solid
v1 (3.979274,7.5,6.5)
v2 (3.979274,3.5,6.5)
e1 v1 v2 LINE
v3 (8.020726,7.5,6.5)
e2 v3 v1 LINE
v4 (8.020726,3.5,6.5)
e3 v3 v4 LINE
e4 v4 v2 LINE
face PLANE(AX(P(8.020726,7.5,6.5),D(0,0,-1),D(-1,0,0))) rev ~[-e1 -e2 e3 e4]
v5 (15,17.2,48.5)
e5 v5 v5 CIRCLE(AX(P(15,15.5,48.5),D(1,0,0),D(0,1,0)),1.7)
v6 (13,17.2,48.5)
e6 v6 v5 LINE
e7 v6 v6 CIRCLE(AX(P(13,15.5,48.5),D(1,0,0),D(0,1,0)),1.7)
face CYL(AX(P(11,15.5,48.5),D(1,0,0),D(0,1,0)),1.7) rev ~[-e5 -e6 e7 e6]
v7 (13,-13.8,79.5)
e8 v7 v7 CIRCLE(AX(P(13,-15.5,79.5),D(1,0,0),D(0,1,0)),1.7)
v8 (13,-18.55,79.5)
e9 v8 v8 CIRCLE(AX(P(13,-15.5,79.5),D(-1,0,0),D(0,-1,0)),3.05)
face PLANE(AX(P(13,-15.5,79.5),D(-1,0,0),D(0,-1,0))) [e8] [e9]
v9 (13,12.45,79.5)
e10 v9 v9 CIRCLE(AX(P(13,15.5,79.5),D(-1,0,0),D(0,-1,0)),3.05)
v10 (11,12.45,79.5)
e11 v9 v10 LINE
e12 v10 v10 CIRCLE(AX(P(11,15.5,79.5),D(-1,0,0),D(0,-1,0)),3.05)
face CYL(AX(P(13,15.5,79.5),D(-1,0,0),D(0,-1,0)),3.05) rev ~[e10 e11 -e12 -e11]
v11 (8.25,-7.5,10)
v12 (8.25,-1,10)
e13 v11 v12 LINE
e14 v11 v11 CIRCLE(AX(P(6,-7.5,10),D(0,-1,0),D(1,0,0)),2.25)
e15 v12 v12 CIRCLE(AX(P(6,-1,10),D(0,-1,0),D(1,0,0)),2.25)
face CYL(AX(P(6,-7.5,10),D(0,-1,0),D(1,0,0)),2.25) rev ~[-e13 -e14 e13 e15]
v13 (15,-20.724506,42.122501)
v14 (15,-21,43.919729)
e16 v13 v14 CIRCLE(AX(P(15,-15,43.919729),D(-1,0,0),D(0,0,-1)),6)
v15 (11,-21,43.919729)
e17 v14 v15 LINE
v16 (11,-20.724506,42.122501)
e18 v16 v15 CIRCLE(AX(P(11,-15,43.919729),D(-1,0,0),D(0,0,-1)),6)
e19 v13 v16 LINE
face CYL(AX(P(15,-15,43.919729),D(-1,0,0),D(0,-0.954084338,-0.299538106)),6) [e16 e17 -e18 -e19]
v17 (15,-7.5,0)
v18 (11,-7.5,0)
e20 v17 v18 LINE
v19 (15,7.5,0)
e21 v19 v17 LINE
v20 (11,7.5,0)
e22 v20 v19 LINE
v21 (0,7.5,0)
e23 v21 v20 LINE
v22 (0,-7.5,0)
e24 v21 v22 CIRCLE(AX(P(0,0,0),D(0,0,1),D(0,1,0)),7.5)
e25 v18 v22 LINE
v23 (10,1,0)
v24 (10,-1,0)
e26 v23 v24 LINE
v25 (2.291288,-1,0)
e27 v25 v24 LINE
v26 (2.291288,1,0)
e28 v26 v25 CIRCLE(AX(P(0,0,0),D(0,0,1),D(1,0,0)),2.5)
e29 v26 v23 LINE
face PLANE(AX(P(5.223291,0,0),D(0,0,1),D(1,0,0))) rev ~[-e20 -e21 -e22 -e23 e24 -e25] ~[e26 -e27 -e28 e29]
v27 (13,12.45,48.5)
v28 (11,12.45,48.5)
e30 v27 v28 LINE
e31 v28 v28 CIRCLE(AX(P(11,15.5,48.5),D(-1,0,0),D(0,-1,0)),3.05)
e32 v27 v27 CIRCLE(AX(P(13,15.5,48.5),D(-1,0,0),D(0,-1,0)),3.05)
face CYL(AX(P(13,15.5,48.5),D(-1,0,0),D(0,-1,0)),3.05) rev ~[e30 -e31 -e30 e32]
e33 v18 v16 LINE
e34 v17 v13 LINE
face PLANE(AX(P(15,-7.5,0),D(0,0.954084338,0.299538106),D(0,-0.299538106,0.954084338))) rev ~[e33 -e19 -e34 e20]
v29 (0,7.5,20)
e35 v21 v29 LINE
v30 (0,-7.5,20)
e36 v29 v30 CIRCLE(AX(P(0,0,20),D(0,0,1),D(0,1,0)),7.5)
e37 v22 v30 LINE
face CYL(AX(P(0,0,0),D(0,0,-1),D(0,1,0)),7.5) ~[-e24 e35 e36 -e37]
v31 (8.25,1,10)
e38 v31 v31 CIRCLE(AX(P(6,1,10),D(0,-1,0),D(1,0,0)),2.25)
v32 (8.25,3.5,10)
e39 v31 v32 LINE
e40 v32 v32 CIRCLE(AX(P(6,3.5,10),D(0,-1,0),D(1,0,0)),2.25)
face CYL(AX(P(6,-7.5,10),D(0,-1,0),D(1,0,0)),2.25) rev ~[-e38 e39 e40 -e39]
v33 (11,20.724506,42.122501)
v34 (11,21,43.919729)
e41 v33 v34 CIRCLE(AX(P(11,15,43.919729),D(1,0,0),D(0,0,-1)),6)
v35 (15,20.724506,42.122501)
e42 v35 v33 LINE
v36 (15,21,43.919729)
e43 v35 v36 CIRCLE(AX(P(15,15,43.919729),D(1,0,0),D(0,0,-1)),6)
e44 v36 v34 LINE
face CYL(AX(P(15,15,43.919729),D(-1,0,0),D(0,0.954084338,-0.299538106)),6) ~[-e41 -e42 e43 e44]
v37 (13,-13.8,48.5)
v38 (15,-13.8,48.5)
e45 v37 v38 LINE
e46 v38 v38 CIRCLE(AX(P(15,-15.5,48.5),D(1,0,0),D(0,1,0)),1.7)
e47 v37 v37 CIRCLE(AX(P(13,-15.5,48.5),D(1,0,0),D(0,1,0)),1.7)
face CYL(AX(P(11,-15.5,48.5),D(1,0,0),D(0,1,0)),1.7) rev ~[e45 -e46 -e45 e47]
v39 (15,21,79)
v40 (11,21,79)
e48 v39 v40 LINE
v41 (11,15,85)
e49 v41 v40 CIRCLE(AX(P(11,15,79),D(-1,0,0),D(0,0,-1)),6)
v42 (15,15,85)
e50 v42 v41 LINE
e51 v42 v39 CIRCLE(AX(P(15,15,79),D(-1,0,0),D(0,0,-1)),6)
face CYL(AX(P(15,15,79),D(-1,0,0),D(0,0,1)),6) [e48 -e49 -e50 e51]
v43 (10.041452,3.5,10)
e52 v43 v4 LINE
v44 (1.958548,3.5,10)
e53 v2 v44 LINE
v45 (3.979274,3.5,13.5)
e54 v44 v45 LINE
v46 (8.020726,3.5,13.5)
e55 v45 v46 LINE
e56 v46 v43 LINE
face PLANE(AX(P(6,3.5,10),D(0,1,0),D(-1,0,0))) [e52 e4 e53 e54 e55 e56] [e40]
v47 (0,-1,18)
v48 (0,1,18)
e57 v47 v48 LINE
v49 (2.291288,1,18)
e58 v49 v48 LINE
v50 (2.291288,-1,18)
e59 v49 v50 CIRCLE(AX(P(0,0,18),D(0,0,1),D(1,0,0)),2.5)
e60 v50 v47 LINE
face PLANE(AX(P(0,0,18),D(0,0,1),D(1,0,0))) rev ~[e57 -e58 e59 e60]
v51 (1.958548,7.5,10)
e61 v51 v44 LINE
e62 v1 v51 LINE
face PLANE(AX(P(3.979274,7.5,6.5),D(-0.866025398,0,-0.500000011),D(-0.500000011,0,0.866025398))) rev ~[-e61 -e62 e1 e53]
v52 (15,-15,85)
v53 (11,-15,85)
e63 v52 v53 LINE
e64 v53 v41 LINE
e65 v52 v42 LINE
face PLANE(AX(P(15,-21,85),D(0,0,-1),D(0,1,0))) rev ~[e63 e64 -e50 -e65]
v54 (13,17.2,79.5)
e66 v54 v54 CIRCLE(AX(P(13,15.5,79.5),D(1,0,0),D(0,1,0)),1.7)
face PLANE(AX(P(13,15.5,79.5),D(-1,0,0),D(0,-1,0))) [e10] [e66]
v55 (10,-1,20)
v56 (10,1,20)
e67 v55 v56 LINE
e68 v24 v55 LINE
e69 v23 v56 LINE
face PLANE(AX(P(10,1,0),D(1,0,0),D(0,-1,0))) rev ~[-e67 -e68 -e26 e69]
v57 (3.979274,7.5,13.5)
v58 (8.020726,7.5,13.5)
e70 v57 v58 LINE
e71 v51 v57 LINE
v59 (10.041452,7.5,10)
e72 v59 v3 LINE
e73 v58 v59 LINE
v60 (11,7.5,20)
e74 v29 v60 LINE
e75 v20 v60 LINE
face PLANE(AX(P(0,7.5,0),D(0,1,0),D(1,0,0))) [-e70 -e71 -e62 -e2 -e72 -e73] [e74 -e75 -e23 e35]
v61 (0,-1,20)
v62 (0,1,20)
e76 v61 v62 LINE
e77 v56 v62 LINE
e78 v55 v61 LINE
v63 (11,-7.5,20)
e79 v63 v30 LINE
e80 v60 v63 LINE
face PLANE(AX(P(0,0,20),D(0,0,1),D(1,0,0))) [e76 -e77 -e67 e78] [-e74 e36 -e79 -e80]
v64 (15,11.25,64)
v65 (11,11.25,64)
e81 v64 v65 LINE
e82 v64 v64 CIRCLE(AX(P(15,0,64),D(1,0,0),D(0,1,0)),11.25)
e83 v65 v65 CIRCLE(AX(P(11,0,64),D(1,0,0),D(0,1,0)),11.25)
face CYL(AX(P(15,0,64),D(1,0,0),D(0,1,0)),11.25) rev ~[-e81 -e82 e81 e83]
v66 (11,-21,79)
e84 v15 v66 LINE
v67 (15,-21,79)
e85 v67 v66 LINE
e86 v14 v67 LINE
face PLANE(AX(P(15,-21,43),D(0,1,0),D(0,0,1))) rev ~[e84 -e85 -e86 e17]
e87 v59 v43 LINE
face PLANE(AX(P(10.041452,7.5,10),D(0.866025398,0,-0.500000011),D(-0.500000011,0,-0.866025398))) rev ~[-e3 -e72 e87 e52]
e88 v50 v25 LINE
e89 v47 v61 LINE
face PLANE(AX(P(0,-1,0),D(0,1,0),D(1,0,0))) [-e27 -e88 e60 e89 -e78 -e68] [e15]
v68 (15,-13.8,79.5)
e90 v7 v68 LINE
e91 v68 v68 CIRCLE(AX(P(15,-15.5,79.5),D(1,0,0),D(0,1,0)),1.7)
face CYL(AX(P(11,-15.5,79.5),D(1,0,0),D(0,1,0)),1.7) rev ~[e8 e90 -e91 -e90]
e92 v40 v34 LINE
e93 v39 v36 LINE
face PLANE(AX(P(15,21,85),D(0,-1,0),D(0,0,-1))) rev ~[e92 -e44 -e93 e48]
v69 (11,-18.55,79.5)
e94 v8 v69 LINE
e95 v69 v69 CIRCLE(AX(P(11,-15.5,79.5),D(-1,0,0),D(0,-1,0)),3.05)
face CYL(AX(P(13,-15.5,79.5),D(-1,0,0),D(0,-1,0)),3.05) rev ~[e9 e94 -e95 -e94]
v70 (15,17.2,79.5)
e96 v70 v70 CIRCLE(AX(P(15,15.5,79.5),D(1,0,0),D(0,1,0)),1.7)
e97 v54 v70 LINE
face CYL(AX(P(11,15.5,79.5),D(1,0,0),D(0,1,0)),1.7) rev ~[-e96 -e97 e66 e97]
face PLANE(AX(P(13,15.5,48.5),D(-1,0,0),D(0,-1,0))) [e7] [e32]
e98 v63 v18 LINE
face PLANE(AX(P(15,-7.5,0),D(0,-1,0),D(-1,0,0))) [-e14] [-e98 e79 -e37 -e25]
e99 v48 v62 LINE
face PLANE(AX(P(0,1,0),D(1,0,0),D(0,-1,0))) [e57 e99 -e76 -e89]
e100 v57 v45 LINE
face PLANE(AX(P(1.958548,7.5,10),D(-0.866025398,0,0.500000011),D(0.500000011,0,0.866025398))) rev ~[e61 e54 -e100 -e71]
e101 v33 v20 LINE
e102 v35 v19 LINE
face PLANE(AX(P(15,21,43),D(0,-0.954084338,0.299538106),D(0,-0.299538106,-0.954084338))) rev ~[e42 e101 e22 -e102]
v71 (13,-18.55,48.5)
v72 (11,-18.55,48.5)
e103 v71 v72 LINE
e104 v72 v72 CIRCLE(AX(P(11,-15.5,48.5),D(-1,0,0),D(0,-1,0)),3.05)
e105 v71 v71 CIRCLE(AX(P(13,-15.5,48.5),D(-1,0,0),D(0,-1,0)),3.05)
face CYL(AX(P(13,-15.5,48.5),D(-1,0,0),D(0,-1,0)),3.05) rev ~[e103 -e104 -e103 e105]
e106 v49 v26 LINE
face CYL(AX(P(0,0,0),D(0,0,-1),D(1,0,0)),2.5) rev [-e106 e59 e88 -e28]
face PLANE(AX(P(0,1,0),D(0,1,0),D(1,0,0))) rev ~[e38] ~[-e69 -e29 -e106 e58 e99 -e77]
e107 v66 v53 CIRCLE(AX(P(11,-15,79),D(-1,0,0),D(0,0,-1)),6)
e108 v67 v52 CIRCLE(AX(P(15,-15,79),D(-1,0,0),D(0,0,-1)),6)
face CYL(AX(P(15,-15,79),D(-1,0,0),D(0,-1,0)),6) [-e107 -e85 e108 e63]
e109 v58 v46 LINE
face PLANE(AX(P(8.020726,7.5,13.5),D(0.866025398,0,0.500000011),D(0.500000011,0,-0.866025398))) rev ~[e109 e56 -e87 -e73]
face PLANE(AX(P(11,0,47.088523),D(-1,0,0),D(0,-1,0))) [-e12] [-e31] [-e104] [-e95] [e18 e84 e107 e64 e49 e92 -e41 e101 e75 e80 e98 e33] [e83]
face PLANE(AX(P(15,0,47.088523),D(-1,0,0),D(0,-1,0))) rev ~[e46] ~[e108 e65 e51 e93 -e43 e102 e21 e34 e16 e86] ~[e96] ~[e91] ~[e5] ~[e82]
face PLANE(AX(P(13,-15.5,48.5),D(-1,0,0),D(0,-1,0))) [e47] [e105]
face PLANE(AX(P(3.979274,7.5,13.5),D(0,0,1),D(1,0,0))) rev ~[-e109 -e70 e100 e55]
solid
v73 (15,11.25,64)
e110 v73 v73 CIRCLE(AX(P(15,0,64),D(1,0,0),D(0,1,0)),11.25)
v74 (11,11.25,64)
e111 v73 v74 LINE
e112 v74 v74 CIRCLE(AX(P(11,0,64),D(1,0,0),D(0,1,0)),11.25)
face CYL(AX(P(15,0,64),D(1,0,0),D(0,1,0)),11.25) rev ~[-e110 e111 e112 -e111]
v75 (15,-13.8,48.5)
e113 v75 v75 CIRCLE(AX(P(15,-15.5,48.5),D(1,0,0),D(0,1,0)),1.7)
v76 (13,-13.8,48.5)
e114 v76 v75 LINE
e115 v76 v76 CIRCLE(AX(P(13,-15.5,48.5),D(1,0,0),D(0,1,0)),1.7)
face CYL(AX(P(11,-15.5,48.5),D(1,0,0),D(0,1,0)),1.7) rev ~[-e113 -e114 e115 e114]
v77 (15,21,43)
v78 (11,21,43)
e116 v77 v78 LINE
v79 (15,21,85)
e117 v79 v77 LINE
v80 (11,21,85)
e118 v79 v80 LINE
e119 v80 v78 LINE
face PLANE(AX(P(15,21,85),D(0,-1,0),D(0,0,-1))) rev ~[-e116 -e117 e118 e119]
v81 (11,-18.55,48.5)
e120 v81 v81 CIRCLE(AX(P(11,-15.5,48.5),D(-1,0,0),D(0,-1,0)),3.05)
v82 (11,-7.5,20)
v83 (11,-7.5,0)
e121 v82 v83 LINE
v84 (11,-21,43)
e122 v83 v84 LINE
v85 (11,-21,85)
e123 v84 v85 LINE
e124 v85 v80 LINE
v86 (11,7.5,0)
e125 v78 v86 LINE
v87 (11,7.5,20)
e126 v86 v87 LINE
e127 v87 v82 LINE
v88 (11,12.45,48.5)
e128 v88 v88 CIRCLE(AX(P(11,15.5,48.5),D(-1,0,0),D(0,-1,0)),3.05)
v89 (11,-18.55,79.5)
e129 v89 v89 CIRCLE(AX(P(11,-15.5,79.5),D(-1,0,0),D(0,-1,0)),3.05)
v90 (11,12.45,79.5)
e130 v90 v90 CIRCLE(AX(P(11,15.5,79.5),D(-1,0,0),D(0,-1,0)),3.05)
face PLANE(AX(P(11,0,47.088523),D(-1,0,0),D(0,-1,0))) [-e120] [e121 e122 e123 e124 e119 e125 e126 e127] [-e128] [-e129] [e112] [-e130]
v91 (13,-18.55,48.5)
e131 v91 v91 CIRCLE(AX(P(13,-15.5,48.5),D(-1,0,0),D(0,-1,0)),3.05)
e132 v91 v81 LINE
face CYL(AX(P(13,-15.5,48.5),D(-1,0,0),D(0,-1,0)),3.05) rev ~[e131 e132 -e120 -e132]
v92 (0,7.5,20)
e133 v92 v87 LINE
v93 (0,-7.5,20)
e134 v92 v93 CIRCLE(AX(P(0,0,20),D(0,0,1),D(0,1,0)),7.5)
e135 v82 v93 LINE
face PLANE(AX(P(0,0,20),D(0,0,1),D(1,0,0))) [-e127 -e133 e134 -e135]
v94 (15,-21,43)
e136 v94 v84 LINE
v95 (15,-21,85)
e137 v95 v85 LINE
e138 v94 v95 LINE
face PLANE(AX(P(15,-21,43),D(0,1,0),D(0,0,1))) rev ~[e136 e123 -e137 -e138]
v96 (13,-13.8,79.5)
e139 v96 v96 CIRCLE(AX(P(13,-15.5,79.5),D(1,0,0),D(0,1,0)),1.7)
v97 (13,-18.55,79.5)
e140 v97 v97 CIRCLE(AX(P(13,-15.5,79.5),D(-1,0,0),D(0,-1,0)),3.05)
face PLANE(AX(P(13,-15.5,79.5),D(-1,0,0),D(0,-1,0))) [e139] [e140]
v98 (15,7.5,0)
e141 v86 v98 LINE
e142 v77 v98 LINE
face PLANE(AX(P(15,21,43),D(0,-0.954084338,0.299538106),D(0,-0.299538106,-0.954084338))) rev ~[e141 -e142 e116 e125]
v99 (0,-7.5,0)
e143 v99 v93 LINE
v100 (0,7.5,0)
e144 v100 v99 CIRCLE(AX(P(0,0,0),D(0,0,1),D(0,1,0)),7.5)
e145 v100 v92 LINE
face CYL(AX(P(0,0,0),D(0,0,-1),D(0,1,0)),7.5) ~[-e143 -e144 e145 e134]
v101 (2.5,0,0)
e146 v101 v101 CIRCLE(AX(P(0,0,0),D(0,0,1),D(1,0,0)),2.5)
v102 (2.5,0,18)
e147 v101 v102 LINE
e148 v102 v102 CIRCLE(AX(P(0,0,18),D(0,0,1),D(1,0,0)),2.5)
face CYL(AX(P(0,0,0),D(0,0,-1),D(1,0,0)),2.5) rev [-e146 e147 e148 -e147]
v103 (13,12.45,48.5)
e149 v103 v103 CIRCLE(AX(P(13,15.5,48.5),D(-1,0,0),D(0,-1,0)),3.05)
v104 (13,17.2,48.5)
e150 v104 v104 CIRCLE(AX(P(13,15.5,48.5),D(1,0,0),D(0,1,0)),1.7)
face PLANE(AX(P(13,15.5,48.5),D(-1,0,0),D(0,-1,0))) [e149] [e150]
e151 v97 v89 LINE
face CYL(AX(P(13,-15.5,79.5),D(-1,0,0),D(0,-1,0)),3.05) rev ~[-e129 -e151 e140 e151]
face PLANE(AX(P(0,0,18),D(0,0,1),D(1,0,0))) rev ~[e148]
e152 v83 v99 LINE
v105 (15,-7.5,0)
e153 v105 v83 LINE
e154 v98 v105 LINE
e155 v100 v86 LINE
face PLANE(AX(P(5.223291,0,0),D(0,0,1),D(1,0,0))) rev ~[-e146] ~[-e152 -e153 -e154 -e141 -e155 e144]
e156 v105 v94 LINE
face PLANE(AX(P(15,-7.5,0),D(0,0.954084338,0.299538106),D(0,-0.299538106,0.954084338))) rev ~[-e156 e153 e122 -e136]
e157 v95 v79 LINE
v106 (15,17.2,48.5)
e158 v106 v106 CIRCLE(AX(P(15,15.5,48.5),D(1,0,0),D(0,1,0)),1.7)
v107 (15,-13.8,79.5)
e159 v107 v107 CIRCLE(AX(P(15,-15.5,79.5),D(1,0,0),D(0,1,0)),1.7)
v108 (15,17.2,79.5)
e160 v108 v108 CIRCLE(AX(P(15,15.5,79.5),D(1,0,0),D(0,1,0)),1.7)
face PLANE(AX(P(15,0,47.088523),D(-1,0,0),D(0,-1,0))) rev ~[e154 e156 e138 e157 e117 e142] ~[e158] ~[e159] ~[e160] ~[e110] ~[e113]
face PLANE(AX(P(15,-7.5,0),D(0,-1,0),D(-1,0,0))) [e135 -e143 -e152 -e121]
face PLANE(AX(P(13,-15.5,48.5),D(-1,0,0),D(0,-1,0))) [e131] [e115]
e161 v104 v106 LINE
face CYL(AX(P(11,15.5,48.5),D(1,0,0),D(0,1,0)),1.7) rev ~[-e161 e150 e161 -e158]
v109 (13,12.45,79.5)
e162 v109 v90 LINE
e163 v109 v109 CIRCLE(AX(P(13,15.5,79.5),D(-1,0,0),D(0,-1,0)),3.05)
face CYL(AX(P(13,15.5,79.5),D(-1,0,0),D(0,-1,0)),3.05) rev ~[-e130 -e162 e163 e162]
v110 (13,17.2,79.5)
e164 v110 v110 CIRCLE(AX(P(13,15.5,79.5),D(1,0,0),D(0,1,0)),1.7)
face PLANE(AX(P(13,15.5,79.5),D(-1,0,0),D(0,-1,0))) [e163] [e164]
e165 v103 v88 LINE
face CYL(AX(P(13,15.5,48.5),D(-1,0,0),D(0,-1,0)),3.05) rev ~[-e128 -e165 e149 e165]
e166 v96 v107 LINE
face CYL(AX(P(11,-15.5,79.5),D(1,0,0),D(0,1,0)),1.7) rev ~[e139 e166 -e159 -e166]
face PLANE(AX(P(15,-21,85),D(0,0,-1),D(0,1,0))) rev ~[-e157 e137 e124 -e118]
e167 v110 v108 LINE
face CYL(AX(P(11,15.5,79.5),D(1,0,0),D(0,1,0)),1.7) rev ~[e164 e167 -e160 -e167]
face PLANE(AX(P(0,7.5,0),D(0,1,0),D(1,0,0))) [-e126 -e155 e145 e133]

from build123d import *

# Parameters (mm, degrees)
SKETCH_R            = 2.5
PAD_DEPTH           = 20
SKETCH001_R         = 11.25
PAD001_DEPTH        = 4
HOLE_D              = 3.4
HOLE_DEPTH          = 25
HOLE_CBORE_D        = 6.1
HOLE_CBORE_DEPTH    = 2
SKETCH004_R         = 2.5
PAD002_DEPTH        = 2
SKETCH008_R         = 2.5
PAD003_DEPTH        = 20
SKETCH009_R         = 11.25
PAD004_DEPTH        = 4
HOLE002_D           = 3.4
HOLE002_DEPTH       = 25
HOLE002_CBORE_D     = 6.1
HOLE002_CBORE_DEPTH = 2
SKETCH011_R         = 2.5
PAD005_DEPTH        = 2
SKETCH012_W         = 10
SKETCH012_H         = 2
POCKET002_DEPTH     = 85.001
SKETCH013_R         = 2.25
HOLE003_DEPTH       = 25
HOLE003_TIPS_R      = 2.25
POCKET003_DEPTH     = 4
FILLET_R            = 6


with BuildPart() as arm0_skel:
    # Sketch → Pad (new body)
    with BuildSketch(Plane.XY):
        with BuildLine():
            ThreePointArc((0, 7.5), (-7.5, 0), (0, -7.5))
            Line((15, -7.5), (0, -7.5))
            Line((15, 7.5), (15, -7.5))
            Line((0, 7.5), (15, 7.5))
        make_face()
        Circle(SKETCH_R, mode=Mode.SUBTRACT)
    extrude(amount=PAD_DEPTH)

    # Sketch001 (on Face3 of Pad) → Pad001 (join)
    with BuildSketch(Plane.YZ.offset(15)):
        Polygon((-7.5, 0), (-21, 43), (-21, 85), (21, 85), (21, 43), (7.5, 0), align=None)
        with Locations((0, 64)):
            Circle(SKETCH001_R, mode=Mode.SUBTRACT)
    extrude(amount=-PAD001_DEPTH)

    # Hole
    with Locations(Plane(origin=(11, 0, 0), x_dir=(0, -1, 0), z_dir=(-1, 0, 0))):
        with Locations((15.5, 79.5), (-15.5, 79.5), (15.5, 48.5), (-15.5, 48.5)):
            CounterBoreHole(HOLE_D / 2, HOLE_CBORE_D / 2, HOLE_CBORE_DEPTH, depth=HOLE_DEPTH)

    # Sketch004 (on Face5 of Hole) → Pad002 (join)
    with BuildSketch(Plane.XY.offset(20)):
        Circle(SKETCH004_R)
    extrude(amount=-PAD002_DEPTH)


with BuildPart() as arm0s:
    # Sketch008 → Pad003 (new body)
    with BuildSketch(Plane.XY):
        with BuildLine():
            ThreePointArc((0, 7.5), (-7.5, 0), (0, -7.5))
            Line((15, -7.5), (0, -7.5))
            Line((15, 7.5), (15, -7.5))
            Line((0, 7.5), (15, 7.5))
        make_face()
        Circle(SKETCH008_R, mode=Mode.SUBTRACT)
    extrude(amount=PAD003_DEPTH)

    # Sketch009 (on Face3 of Pad003) → Pad004 (join)
    with BuildSketch(Plane.YZ.offset(15)):
        Polygon((-7.5, 0), (-21, 43), (-21, 85), (21, 85), (21, 43), (7.5, 0), align=None)
        with Locations((0, 64)):
            Circle(SKETCH009_R, mode=Mode.SUBTRACT)
    extrude(amount=-PAD004_DEPTH)

    # Hole002
    with Locations(Plane(origin=(11, 0, 0), x_dir=(0, -1, 0), z_dir=(-1, 0, 0))):
        with Locations((15.5, 79.5), (-15.5, 79.5), (15.5, 48.5), (-15.5, 48.5)):
            CounterBoreHole(HOLE002_D / 2, HOLE002_CBORE_D / 2, HOLE002_CBORE_DEPTH, depth=HOLE002_DEPTH)

    # Sketch011 (on Face5 of Hole002) → Pad005 (join)
    with BuildSketch(Plane.XY.offset(20)):
        Circle(SKETCH011_R)
    extrude(amount=-PAD005_DEPTH)

    # Sketch012 (on Face4 of Pad005) → Pocket002 (cut, through all)
    with BuildSketch(Plane(origin=(0, 0, 0), x_dir=(1, 0, 0), z_dir=(0, 0, -1))):
        with Locations((5, 0)):
            Rectangle(SKETCH012_W, SKETCH012_H)
    extrude(amount=-POCKET002_DEPTH, mode=Mode.SUBTRACT)

    # Sketch013 (on Face3 of Pocket002) → Hole003 (cut)
    with BuildSketch(Plane.XZ.offset(7.5)):
        with Locations((6, 10)):
            Circle(SKETCH013_R)
    extrude(amount=-HOLE003_DEPTH, mode=Mode.SUBTRACT)

    # Hole003 tips → Hole003 tip 1 section 0
    with BuildSketch(Plane.XZ.offset(-17.5), mode=Mode.PRIVATE) as hole003_tip_1_s0:
        with Locations((6, 10)):
            Circle(HOLE003_TIPS_R)
    loft([hole003_tip_1_s0.sketch, Vertex(6, 18.851936, 10)], mode=Mode.SUBTRACT)

    # Sketch014 (on Face2 of Hole003) → Pocket003 (cut)
    with BuildSketch(Plane(origin=(0, 7.5, 0), x_dir=(-1, 0, 0), z_dir=(0, 1, 0))):
        Polygon((-1.958548, 10), (-3.979274, 13.5), (-8.020726, 13.5), (-10.041452, 10), (-8.020726, 6.5), (-3.979274, 6.5), align=None)
    extrude(amount=-POCKET003_DEPTH, mode=Mode.SUBTRACT)

    # Fillet
    fillet_edges = [arm0s.edges().sort_by_distance(p)[0] for p in [
        (13, -21, 85),
        (13, 21, 85),
        (13, -21, 43),
        (13, 21, 43),
    ]]
    fillet(fillet_edges, radius=FILLET_R)


solid = Compound([arm0_skel.part, arm0s.part])
